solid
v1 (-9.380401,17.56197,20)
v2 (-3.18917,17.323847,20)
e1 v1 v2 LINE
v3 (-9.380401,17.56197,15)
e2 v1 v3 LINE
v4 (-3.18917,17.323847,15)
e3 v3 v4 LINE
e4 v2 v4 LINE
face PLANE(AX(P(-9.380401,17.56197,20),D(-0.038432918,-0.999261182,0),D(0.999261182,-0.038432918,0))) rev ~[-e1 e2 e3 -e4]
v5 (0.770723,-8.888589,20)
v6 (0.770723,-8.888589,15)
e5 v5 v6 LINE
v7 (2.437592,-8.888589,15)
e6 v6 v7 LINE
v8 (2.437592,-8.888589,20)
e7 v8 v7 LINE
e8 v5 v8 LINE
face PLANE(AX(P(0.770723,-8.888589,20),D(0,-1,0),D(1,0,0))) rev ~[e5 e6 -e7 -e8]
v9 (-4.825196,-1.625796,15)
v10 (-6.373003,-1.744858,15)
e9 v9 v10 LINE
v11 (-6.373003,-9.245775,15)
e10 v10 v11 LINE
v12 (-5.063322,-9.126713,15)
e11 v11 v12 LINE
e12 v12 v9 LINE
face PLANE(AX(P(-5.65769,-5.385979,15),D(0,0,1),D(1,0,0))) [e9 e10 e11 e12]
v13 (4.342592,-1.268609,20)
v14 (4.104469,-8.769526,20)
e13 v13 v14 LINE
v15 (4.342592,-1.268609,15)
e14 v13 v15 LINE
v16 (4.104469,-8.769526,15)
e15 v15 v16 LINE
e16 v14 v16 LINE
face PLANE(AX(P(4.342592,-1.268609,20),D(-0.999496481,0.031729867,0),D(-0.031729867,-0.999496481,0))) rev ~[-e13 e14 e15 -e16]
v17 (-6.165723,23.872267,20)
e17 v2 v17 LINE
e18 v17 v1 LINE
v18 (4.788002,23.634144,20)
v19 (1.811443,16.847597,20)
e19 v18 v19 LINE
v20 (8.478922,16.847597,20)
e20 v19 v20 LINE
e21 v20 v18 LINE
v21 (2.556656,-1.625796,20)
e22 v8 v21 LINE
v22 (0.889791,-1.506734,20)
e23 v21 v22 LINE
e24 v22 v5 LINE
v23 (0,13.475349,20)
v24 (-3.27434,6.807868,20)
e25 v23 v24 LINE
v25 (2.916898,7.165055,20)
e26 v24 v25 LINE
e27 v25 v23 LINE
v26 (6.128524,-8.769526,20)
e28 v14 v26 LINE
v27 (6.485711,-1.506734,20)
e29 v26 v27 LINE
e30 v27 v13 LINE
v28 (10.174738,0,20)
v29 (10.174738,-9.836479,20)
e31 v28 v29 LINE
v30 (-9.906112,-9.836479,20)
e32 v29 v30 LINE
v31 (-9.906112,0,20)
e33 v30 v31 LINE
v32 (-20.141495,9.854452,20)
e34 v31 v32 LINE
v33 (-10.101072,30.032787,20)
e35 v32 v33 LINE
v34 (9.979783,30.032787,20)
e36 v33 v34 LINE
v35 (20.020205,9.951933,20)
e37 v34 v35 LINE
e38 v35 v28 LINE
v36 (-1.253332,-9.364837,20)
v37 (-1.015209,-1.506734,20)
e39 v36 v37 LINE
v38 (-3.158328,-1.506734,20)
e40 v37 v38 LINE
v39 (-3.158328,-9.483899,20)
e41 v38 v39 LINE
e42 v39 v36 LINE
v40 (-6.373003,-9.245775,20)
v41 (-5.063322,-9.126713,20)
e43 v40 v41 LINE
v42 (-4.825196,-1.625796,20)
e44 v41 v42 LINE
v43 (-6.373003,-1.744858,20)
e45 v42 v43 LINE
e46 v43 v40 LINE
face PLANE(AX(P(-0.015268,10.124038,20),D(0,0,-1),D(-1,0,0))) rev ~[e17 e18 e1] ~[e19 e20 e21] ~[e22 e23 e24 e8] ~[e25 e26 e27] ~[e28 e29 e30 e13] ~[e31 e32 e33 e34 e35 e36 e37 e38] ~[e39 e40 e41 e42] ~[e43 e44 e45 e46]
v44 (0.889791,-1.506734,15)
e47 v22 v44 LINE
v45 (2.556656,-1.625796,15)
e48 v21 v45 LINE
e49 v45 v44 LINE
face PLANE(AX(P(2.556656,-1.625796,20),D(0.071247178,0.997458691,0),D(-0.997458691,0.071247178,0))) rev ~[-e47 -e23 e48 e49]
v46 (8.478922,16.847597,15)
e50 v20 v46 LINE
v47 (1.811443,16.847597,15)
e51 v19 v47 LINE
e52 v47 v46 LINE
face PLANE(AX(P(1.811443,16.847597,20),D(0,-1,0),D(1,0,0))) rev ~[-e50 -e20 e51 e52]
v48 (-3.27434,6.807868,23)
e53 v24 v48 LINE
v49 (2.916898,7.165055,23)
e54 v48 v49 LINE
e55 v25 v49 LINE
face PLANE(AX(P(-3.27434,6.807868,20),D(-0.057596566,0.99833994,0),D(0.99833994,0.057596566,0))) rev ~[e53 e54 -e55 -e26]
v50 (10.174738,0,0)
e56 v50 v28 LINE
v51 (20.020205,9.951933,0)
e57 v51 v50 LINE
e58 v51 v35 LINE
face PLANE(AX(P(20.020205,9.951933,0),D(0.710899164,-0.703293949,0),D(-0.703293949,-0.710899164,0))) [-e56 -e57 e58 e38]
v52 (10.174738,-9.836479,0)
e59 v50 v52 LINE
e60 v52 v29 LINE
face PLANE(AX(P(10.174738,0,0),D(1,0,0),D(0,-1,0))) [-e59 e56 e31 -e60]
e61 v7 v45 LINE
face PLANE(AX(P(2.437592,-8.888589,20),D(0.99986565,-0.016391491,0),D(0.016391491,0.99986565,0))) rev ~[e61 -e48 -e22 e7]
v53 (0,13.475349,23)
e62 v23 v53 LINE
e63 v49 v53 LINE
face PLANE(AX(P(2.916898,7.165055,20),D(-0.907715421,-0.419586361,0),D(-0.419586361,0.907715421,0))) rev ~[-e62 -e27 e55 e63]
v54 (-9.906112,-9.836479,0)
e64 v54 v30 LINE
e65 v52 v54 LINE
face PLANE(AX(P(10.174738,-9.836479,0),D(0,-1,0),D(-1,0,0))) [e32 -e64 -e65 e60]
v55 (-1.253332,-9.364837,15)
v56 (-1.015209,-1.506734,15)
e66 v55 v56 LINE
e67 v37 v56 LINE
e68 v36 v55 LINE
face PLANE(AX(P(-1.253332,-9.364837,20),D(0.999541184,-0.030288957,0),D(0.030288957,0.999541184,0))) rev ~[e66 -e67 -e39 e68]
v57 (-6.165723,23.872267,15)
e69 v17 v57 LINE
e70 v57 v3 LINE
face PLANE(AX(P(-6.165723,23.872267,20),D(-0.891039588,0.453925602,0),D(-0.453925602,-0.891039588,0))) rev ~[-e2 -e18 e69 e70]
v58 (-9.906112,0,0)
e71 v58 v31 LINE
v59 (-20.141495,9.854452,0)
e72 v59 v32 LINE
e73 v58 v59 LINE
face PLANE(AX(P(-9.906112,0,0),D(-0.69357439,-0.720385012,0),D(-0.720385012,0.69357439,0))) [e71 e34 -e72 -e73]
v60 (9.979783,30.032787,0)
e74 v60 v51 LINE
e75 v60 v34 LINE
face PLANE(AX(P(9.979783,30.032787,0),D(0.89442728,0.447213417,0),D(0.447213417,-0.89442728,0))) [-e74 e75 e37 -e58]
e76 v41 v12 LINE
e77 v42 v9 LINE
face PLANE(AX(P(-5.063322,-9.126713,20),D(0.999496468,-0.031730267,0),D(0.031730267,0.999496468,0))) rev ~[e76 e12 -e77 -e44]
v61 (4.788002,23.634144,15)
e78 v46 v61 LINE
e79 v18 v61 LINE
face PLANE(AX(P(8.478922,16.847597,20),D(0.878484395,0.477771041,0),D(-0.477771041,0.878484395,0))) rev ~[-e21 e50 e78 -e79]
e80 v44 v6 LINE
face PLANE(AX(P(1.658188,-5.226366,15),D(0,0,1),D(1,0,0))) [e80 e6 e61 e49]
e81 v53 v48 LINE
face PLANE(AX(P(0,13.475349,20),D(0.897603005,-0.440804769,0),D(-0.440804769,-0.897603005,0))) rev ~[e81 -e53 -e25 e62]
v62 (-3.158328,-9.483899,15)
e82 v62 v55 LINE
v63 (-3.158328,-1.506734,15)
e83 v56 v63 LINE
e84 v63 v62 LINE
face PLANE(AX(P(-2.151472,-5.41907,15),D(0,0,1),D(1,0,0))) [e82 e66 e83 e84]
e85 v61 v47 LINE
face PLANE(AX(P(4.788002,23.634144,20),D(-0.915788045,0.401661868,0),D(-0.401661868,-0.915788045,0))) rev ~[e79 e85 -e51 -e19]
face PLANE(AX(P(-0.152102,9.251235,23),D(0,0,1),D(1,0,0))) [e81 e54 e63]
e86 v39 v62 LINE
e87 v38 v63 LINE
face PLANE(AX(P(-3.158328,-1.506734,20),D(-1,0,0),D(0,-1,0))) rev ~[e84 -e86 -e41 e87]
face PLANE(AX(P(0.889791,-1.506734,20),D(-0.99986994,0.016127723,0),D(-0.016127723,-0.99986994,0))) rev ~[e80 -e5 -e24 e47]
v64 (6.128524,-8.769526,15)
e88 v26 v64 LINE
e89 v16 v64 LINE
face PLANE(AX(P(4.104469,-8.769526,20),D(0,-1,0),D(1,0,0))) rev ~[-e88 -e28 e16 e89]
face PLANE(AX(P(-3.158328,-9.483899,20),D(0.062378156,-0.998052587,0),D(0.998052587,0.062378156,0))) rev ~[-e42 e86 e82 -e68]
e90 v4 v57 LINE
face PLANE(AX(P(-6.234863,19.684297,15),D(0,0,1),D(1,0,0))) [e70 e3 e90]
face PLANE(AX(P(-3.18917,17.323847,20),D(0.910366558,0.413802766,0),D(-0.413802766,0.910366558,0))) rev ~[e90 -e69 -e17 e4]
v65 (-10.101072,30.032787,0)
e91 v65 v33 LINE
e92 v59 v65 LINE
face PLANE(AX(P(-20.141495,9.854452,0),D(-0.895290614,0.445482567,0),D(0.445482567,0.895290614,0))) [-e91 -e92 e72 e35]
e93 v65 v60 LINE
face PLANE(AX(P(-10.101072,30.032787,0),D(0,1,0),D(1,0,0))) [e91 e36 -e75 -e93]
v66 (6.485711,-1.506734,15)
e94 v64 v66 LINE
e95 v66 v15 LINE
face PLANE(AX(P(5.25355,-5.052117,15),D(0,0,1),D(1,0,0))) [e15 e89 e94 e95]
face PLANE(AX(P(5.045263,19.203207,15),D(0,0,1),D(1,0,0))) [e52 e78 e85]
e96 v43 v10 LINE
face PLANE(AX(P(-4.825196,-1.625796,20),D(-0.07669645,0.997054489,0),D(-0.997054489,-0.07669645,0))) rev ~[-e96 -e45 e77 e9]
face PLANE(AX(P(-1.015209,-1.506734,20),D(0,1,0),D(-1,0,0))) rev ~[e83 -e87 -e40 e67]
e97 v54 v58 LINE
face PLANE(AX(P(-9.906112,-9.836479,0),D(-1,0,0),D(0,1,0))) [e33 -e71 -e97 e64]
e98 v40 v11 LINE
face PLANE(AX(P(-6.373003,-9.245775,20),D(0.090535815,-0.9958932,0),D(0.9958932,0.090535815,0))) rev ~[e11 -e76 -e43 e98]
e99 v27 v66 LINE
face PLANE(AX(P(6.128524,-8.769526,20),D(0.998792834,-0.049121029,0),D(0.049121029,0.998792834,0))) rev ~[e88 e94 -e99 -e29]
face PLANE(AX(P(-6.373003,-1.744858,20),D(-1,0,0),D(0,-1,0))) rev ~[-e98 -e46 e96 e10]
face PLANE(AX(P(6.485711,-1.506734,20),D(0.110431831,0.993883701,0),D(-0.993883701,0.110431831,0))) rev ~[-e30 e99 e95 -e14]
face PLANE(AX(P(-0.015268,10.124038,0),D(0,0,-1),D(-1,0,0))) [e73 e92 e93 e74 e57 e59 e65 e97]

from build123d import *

# Parameters (mm, degrees)
PAD_DEPTH       = 20
POCKET_DEPTH    = 5
POCKET001_DEPTH = 5
PAD001_DEPTH    = 3


with BuildPart() as part:
    # Sketch → Pad (new body)
    with BuildSketch(Plane.XY):
        Polygon((-10.101072, 30.032787), (9.979783, 30.032787), (20.020205, 9.951933), (10.174738, 0), (10.174738, -9.836479), (-9.906112, -9.836479), (-9.906112, 0), (-20.141495, 9.854452), align=None)
    extrude(amount=PAD_DEPTH)

    # Sketch001 (on Face10 of Pad) → Pocket (cut)
    with BuildSketch(Plane.XY.offset(20)):
        Polygon((-6.373003, -1.744858), (-6.373003, -9.245775), (-5.063322, -9.126713), (-4.825196, -1.625796), align=None)
        Polygon((-3.158328, -1.506734), (-3.158328, -9.483899), (-1.253332, -9.364837), (-1.015209, -1.506734), align=None)
        Polygon((0.889791, -1.506734), (0.770723, -8.888589), (2.437592, -8.888589), (2.556656, -1.625796), align=None)
        Polygon((4.342592, -1.268609), (4.104469, -8.769526), (6.128524, -8.769526), (6.485711, -1.506734), align=None)
    extrude(amount=-POCKET_DEPTH, mode=Mode.SUBTRACT)

    # Sketch002 (on Face5 of Pocket) → Pocket001 (cut)
    with BuildSketch(Plane.XY.offset(20)):
        Polygon((-6.165723, 23.872267), (-9.380401, 17.56197), (-3.18917, 17.323847), align=None)
        Polygon((4.788002, 23.634144), (1.811443, 16.847597), (8.478922, 16.847597), align=None)
    extrude(amount=-POCKET001_DEPTH, mode=Mode.SUBTRACT)

    # Sketch004 (on Face5 of Pocket001) → Pad001 (join)
    with BuildSketch(Plane.XY.offset(20)):
        Polygon((0, 13.475349), (-3.27434, 6.807868), (2.916898, 7.165055), align=None)
    extrude(amount=PAD001_DEPTH)


solid = part.part
